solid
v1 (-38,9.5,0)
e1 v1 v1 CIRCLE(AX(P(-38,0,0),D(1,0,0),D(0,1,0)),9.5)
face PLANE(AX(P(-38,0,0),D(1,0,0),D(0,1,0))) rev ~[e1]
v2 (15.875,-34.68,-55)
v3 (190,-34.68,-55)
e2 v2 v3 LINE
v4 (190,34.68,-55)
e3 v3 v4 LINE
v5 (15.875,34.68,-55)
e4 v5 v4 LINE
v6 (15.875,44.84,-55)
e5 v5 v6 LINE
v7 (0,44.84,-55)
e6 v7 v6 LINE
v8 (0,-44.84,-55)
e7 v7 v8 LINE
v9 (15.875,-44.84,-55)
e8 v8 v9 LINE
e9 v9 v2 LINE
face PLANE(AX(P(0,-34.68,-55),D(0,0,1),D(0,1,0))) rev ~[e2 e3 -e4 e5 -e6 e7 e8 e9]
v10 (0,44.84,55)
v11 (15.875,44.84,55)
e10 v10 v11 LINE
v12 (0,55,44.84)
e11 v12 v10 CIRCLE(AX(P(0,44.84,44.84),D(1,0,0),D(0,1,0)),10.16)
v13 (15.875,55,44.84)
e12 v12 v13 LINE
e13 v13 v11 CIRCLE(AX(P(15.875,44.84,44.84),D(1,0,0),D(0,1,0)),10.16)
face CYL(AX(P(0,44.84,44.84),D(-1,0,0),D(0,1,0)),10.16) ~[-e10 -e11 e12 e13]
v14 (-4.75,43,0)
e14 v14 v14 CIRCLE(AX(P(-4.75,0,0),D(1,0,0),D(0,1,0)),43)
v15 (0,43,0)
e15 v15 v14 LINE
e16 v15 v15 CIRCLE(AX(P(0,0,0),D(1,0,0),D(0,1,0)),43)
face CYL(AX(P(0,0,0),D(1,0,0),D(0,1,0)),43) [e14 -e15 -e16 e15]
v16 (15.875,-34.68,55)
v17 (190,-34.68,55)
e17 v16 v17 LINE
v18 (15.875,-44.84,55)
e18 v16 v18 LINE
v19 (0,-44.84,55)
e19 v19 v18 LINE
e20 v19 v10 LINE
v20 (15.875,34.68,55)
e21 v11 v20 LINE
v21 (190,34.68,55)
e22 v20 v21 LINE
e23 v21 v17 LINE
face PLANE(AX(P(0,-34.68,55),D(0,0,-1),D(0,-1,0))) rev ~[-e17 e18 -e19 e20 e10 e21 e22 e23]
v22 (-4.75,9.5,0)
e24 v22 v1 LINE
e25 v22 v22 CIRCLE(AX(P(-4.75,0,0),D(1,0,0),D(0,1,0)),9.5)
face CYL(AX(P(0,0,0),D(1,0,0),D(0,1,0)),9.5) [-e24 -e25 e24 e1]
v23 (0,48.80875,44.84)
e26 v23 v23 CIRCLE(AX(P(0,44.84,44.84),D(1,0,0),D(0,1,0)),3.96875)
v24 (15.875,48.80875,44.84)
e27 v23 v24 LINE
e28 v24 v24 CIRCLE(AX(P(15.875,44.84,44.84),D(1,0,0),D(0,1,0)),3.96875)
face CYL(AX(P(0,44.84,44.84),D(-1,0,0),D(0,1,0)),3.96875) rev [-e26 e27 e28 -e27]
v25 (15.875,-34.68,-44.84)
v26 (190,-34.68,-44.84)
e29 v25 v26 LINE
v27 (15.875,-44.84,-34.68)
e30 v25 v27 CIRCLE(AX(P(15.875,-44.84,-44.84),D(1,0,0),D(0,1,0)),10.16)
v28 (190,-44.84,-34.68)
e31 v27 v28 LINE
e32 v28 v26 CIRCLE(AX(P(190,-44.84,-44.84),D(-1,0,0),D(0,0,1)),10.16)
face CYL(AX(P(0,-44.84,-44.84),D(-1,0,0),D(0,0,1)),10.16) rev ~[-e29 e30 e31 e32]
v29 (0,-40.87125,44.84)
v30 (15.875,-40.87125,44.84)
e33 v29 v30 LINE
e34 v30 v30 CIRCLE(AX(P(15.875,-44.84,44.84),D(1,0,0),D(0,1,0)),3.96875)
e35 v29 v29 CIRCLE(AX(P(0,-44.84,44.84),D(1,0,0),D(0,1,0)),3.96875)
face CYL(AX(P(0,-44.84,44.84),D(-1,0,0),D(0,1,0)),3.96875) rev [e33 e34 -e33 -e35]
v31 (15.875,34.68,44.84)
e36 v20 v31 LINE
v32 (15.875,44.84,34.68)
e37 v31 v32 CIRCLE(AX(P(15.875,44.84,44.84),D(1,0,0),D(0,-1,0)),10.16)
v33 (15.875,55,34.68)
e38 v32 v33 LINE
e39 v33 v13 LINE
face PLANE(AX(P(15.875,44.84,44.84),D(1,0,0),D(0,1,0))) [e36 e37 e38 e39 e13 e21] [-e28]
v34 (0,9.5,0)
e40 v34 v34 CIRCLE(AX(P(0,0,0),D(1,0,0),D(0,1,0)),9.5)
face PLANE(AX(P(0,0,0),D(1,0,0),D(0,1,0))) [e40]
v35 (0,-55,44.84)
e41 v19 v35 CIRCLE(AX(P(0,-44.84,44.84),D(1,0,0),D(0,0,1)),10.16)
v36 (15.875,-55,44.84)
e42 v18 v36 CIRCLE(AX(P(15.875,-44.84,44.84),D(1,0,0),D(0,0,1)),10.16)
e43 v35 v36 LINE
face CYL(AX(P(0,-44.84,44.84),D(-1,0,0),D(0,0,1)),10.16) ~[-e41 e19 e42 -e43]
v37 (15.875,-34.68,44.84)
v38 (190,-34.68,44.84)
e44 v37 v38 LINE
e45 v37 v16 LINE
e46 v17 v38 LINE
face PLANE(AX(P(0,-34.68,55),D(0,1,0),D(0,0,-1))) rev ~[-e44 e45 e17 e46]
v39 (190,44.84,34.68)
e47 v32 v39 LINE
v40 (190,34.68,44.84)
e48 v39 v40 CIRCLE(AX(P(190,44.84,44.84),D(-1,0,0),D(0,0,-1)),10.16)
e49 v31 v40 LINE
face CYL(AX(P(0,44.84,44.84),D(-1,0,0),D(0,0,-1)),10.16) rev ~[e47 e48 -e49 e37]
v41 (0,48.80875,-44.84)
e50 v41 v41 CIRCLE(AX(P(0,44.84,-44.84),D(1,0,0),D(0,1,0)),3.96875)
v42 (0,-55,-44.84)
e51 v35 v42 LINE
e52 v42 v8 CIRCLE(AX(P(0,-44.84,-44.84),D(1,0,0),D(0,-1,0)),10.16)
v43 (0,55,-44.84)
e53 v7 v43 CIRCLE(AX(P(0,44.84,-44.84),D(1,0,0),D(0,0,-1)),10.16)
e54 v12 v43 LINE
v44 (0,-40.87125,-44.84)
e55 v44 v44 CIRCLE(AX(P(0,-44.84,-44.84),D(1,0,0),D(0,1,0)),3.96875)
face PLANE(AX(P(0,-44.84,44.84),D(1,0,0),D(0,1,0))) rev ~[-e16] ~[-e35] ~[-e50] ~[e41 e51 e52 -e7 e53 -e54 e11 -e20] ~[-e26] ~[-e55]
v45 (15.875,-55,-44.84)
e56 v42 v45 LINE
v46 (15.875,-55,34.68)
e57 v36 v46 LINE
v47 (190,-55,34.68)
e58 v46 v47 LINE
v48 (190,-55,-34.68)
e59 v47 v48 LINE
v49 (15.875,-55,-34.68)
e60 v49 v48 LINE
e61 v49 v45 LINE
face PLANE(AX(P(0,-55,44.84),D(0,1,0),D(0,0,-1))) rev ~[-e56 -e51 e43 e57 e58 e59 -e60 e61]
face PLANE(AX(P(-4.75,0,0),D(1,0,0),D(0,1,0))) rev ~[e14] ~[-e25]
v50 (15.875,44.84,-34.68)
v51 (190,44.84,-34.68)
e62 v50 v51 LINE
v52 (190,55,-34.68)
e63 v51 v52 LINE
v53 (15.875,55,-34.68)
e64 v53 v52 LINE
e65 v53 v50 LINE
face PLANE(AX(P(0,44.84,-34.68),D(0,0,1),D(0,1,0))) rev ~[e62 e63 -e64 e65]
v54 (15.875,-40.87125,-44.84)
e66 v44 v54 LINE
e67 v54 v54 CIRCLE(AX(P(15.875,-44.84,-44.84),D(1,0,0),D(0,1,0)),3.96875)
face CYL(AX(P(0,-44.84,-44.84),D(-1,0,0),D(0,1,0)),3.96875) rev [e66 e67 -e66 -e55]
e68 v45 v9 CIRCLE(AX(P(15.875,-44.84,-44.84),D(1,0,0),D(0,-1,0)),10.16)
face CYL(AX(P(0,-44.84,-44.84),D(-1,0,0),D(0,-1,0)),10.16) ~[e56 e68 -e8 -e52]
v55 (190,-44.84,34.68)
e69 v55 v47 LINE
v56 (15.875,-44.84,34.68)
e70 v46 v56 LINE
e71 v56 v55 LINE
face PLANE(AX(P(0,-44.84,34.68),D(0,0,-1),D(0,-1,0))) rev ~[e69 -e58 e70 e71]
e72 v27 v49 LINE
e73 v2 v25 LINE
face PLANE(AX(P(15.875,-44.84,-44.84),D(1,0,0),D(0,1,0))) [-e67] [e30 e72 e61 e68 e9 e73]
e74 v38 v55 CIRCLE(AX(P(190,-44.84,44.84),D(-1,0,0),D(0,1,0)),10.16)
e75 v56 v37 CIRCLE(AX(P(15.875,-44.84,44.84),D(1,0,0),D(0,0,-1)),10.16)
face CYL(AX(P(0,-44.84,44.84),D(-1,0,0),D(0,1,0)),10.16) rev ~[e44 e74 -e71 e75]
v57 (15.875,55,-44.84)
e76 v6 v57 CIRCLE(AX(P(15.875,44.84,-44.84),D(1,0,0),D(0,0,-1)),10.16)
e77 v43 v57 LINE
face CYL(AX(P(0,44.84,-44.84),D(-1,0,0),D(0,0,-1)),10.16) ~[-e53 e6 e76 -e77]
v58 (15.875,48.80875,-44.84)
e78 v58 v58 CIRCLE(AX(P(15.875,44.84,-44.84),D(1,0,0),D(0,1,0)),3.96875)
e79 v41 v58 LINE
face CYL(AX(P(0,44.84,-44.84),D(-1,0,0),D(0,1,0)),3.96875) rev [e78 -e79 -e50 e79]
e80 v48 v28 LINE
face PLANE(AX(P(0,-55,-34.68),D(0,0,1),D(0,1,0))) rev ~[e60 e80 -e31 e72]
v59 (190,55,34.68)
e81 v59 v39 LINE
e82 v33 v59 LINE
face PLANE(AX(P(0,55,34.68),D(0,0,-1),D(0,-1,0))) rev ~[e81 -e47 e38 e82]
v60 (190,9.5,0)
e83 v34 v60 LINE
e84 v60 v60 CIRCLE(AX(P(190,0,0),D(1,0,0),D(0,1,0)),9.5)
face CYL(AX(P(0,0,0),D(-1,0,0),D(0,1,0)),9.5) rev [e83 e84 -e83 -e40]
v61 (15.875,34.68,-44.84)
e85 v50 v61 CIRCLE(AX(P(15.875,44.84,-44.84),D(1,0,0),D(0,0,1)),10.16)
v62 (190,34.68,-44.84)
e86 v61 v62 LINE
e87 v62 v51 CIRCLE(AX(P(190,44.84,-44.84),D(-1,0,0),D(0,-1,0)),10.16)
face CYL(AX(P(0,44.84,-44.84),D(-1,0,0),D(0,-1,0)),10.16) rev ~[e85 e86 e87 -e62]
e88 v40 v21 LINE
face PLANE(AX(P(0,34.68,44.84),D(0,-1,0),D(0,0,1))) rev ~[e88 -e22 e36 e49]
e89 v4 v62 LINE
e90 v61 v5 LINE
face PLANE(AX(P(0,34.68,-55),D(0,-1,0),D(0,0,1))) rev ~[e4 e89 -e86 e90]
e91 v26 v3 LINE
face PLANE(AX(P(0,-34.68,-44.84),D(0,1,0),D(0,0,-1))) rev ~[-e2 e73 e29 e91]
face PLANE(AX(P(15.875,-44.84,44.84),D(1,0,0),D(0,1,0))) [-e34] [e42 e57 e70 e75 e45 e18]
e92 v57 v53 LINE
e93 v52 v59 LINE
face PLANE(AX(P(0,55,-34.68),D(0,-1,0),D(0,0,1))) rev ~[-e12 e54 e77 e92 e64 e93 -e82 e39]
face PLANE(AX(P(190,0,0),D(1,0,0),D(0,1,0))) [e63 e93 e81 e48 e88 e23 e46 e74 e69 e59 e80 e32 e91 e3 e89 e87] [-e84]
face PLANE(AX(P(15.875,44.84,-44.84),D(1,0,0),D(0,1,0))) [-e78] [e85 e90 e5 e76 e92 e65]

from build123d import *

# Parameters (mm, degrees)
F0_R     = 9.5
F1_DEPTH = 38
F0_R_2   = 43
F2_DEPTH = 4.75
F3_DEPTH = 190
F0_R_3   = 3.96875
F4_DEPTH = 15.875


with BuildPart() as f1:
    # F0 (on Right) → F1 (new body)
    with BuildSketch(Plane.YZ):
        Circle(F0_R)
    extrude(amount=-F1_DEPTH)

    # F0 (on Right) → F2 (join)
    with BuildSketch(Plane.YZ):
        Circle(F0_R_2)
        Circle(F0_R, mode=Mode.SUBTRACT)
    extrude(amount=-F2_DEPTH)

    # F0 (on Right) → F3 (join)
    with BuildSketch(Plane.YZ):
        with BuildLine():
            Line((-34.68, -55), (34.68, -55))
            Line((34.68, -55), (34.68, -44.84))
            ThreePointArc((34.68, -44.84), (37.6557951031, -37.6557951031), (44.84, -34.68))
            Line((44.84, -34.68), (55, -34.68))
            Line((55, -34.68), (55, 34.68))
            Line((55, 34.68), (44.84, 34.68))
            ThreePointArc((44.84, 34.68), (37.6557951031, 37.6557951031), (34.68, 44.84))
            Line((34.68, 44.84), (34.68, 55))
            Line((34.68, 55), (-34.68, 55))
            Line((-34.68, 55), (-34.68, 44.84))
            ThreePointArc((-34.68, 44.84), (-37.6557951031, 37.6557951031), (-44.84, 34.68))
            Line((-44.84, 34.68), (-55, 34.68))
            Line((-55, 34.68), (-55, -34.68))
            Line((-55, -34.68), (-44.84, -34.68))
            ThreePointArc((-44.84, -34.68), (-37.6557951031, -37.6557951031), (-34.68, -44.84))
            Line((-34.68, -44.84), (-34.68, -55))
        make_face()
        Circle(F0_R_2, mode=Mode.SUBTRACT)
        Circle(F0_R_2)
        Circle(F0_R, mode=Mode.SUBTRACT)
    extrude(amount=F3_DEPTH)

    # F0 (on Right) → F4 (join)
    with BuildSketch(Plane.YZ):
        with BuildLine():
            Line((-55, 44.84), (-55, 34.68))
            Line((-55, 34.68), (-44.84, 34.68))
            ThreePointArc((-44.84, 34.68), (-37.6557951031, 37.6557951031), (-34.68, 44.84))
            Line((-34.68, 44.84), (-34.68, 55))
            Line((-34.68, 55), (-44.84, 55))
            ThreePointArc((-44.84, 55), (-52.0242048969, 52.0242048969), (-55, 44.84))
        make_face()
        with Locations((-44.84, 44.84)):
            Circle(F0_R_3, mode=Mode.SUBTRACT)
        with BuildLine():
            Line((44.84, 34.68), (55, 34.68))
            Line((55, 34.68), (55, 44.84))
            ThreePointArc((55, 44.84), (52.0242048969, 52.0242048969), (44.84, 55))
            Line((44.84, 55), (34.68, 55))
            Line((34.68, 55), (34.68, 44.84))
            ThreePointArc((34.68, 44.84), (37.6557951031, 37.6557951031), (44.84, 34.68))
        make_face()
        with Locations((44.84, 44.84)):
            Circle(F0_R_3, mode=Mode.SUBTRACT)
        with BuildLine():
            Line((34.68, -55), (44.84, -55))
            ThreePointArc((44.84, -55), (52.0242048969, -52.0242048969), (55, -44.84))
            Line((55, -44.84), (55, -34.68))
            Line((55, -34.68), (44.84, -34.68))
            ThreePointArc((44.84, -34.68), (37.6557951031, -37.6557951031), (34.68, -44.84))
            Line((34.68, -44.84), (34.68, -55))
        make_face()
        with Locations((44.84, -44.84)):
            Circle(F0_R_3, mode=Mode.SUBTRACT)
        with BuildLine():
            Line((-44.84, -55), (-34.68, -55))
            Line((-34.68, -55), (-34.68, -44.84))
            ThreePointArc((-34.68, -44.84), (-37.6557951031, -37.6557951031), (-44.84, -34.68))
            Line((-44.84, -34.68), (-55, -34.68))
            Line((-55, -34.68), (-55, -44.84))
            ThreePointArc((-55, -44.84), (-52.0242048969, -52.0242048969), (-44.84, -55))
        make_face()
        with Locations((-44.84, -44.84)):
            Circle(F0_R_3, mode=Mode.SUBTRACT)
    extrude(amount=F4_DEPTH)


solid = f1.part
